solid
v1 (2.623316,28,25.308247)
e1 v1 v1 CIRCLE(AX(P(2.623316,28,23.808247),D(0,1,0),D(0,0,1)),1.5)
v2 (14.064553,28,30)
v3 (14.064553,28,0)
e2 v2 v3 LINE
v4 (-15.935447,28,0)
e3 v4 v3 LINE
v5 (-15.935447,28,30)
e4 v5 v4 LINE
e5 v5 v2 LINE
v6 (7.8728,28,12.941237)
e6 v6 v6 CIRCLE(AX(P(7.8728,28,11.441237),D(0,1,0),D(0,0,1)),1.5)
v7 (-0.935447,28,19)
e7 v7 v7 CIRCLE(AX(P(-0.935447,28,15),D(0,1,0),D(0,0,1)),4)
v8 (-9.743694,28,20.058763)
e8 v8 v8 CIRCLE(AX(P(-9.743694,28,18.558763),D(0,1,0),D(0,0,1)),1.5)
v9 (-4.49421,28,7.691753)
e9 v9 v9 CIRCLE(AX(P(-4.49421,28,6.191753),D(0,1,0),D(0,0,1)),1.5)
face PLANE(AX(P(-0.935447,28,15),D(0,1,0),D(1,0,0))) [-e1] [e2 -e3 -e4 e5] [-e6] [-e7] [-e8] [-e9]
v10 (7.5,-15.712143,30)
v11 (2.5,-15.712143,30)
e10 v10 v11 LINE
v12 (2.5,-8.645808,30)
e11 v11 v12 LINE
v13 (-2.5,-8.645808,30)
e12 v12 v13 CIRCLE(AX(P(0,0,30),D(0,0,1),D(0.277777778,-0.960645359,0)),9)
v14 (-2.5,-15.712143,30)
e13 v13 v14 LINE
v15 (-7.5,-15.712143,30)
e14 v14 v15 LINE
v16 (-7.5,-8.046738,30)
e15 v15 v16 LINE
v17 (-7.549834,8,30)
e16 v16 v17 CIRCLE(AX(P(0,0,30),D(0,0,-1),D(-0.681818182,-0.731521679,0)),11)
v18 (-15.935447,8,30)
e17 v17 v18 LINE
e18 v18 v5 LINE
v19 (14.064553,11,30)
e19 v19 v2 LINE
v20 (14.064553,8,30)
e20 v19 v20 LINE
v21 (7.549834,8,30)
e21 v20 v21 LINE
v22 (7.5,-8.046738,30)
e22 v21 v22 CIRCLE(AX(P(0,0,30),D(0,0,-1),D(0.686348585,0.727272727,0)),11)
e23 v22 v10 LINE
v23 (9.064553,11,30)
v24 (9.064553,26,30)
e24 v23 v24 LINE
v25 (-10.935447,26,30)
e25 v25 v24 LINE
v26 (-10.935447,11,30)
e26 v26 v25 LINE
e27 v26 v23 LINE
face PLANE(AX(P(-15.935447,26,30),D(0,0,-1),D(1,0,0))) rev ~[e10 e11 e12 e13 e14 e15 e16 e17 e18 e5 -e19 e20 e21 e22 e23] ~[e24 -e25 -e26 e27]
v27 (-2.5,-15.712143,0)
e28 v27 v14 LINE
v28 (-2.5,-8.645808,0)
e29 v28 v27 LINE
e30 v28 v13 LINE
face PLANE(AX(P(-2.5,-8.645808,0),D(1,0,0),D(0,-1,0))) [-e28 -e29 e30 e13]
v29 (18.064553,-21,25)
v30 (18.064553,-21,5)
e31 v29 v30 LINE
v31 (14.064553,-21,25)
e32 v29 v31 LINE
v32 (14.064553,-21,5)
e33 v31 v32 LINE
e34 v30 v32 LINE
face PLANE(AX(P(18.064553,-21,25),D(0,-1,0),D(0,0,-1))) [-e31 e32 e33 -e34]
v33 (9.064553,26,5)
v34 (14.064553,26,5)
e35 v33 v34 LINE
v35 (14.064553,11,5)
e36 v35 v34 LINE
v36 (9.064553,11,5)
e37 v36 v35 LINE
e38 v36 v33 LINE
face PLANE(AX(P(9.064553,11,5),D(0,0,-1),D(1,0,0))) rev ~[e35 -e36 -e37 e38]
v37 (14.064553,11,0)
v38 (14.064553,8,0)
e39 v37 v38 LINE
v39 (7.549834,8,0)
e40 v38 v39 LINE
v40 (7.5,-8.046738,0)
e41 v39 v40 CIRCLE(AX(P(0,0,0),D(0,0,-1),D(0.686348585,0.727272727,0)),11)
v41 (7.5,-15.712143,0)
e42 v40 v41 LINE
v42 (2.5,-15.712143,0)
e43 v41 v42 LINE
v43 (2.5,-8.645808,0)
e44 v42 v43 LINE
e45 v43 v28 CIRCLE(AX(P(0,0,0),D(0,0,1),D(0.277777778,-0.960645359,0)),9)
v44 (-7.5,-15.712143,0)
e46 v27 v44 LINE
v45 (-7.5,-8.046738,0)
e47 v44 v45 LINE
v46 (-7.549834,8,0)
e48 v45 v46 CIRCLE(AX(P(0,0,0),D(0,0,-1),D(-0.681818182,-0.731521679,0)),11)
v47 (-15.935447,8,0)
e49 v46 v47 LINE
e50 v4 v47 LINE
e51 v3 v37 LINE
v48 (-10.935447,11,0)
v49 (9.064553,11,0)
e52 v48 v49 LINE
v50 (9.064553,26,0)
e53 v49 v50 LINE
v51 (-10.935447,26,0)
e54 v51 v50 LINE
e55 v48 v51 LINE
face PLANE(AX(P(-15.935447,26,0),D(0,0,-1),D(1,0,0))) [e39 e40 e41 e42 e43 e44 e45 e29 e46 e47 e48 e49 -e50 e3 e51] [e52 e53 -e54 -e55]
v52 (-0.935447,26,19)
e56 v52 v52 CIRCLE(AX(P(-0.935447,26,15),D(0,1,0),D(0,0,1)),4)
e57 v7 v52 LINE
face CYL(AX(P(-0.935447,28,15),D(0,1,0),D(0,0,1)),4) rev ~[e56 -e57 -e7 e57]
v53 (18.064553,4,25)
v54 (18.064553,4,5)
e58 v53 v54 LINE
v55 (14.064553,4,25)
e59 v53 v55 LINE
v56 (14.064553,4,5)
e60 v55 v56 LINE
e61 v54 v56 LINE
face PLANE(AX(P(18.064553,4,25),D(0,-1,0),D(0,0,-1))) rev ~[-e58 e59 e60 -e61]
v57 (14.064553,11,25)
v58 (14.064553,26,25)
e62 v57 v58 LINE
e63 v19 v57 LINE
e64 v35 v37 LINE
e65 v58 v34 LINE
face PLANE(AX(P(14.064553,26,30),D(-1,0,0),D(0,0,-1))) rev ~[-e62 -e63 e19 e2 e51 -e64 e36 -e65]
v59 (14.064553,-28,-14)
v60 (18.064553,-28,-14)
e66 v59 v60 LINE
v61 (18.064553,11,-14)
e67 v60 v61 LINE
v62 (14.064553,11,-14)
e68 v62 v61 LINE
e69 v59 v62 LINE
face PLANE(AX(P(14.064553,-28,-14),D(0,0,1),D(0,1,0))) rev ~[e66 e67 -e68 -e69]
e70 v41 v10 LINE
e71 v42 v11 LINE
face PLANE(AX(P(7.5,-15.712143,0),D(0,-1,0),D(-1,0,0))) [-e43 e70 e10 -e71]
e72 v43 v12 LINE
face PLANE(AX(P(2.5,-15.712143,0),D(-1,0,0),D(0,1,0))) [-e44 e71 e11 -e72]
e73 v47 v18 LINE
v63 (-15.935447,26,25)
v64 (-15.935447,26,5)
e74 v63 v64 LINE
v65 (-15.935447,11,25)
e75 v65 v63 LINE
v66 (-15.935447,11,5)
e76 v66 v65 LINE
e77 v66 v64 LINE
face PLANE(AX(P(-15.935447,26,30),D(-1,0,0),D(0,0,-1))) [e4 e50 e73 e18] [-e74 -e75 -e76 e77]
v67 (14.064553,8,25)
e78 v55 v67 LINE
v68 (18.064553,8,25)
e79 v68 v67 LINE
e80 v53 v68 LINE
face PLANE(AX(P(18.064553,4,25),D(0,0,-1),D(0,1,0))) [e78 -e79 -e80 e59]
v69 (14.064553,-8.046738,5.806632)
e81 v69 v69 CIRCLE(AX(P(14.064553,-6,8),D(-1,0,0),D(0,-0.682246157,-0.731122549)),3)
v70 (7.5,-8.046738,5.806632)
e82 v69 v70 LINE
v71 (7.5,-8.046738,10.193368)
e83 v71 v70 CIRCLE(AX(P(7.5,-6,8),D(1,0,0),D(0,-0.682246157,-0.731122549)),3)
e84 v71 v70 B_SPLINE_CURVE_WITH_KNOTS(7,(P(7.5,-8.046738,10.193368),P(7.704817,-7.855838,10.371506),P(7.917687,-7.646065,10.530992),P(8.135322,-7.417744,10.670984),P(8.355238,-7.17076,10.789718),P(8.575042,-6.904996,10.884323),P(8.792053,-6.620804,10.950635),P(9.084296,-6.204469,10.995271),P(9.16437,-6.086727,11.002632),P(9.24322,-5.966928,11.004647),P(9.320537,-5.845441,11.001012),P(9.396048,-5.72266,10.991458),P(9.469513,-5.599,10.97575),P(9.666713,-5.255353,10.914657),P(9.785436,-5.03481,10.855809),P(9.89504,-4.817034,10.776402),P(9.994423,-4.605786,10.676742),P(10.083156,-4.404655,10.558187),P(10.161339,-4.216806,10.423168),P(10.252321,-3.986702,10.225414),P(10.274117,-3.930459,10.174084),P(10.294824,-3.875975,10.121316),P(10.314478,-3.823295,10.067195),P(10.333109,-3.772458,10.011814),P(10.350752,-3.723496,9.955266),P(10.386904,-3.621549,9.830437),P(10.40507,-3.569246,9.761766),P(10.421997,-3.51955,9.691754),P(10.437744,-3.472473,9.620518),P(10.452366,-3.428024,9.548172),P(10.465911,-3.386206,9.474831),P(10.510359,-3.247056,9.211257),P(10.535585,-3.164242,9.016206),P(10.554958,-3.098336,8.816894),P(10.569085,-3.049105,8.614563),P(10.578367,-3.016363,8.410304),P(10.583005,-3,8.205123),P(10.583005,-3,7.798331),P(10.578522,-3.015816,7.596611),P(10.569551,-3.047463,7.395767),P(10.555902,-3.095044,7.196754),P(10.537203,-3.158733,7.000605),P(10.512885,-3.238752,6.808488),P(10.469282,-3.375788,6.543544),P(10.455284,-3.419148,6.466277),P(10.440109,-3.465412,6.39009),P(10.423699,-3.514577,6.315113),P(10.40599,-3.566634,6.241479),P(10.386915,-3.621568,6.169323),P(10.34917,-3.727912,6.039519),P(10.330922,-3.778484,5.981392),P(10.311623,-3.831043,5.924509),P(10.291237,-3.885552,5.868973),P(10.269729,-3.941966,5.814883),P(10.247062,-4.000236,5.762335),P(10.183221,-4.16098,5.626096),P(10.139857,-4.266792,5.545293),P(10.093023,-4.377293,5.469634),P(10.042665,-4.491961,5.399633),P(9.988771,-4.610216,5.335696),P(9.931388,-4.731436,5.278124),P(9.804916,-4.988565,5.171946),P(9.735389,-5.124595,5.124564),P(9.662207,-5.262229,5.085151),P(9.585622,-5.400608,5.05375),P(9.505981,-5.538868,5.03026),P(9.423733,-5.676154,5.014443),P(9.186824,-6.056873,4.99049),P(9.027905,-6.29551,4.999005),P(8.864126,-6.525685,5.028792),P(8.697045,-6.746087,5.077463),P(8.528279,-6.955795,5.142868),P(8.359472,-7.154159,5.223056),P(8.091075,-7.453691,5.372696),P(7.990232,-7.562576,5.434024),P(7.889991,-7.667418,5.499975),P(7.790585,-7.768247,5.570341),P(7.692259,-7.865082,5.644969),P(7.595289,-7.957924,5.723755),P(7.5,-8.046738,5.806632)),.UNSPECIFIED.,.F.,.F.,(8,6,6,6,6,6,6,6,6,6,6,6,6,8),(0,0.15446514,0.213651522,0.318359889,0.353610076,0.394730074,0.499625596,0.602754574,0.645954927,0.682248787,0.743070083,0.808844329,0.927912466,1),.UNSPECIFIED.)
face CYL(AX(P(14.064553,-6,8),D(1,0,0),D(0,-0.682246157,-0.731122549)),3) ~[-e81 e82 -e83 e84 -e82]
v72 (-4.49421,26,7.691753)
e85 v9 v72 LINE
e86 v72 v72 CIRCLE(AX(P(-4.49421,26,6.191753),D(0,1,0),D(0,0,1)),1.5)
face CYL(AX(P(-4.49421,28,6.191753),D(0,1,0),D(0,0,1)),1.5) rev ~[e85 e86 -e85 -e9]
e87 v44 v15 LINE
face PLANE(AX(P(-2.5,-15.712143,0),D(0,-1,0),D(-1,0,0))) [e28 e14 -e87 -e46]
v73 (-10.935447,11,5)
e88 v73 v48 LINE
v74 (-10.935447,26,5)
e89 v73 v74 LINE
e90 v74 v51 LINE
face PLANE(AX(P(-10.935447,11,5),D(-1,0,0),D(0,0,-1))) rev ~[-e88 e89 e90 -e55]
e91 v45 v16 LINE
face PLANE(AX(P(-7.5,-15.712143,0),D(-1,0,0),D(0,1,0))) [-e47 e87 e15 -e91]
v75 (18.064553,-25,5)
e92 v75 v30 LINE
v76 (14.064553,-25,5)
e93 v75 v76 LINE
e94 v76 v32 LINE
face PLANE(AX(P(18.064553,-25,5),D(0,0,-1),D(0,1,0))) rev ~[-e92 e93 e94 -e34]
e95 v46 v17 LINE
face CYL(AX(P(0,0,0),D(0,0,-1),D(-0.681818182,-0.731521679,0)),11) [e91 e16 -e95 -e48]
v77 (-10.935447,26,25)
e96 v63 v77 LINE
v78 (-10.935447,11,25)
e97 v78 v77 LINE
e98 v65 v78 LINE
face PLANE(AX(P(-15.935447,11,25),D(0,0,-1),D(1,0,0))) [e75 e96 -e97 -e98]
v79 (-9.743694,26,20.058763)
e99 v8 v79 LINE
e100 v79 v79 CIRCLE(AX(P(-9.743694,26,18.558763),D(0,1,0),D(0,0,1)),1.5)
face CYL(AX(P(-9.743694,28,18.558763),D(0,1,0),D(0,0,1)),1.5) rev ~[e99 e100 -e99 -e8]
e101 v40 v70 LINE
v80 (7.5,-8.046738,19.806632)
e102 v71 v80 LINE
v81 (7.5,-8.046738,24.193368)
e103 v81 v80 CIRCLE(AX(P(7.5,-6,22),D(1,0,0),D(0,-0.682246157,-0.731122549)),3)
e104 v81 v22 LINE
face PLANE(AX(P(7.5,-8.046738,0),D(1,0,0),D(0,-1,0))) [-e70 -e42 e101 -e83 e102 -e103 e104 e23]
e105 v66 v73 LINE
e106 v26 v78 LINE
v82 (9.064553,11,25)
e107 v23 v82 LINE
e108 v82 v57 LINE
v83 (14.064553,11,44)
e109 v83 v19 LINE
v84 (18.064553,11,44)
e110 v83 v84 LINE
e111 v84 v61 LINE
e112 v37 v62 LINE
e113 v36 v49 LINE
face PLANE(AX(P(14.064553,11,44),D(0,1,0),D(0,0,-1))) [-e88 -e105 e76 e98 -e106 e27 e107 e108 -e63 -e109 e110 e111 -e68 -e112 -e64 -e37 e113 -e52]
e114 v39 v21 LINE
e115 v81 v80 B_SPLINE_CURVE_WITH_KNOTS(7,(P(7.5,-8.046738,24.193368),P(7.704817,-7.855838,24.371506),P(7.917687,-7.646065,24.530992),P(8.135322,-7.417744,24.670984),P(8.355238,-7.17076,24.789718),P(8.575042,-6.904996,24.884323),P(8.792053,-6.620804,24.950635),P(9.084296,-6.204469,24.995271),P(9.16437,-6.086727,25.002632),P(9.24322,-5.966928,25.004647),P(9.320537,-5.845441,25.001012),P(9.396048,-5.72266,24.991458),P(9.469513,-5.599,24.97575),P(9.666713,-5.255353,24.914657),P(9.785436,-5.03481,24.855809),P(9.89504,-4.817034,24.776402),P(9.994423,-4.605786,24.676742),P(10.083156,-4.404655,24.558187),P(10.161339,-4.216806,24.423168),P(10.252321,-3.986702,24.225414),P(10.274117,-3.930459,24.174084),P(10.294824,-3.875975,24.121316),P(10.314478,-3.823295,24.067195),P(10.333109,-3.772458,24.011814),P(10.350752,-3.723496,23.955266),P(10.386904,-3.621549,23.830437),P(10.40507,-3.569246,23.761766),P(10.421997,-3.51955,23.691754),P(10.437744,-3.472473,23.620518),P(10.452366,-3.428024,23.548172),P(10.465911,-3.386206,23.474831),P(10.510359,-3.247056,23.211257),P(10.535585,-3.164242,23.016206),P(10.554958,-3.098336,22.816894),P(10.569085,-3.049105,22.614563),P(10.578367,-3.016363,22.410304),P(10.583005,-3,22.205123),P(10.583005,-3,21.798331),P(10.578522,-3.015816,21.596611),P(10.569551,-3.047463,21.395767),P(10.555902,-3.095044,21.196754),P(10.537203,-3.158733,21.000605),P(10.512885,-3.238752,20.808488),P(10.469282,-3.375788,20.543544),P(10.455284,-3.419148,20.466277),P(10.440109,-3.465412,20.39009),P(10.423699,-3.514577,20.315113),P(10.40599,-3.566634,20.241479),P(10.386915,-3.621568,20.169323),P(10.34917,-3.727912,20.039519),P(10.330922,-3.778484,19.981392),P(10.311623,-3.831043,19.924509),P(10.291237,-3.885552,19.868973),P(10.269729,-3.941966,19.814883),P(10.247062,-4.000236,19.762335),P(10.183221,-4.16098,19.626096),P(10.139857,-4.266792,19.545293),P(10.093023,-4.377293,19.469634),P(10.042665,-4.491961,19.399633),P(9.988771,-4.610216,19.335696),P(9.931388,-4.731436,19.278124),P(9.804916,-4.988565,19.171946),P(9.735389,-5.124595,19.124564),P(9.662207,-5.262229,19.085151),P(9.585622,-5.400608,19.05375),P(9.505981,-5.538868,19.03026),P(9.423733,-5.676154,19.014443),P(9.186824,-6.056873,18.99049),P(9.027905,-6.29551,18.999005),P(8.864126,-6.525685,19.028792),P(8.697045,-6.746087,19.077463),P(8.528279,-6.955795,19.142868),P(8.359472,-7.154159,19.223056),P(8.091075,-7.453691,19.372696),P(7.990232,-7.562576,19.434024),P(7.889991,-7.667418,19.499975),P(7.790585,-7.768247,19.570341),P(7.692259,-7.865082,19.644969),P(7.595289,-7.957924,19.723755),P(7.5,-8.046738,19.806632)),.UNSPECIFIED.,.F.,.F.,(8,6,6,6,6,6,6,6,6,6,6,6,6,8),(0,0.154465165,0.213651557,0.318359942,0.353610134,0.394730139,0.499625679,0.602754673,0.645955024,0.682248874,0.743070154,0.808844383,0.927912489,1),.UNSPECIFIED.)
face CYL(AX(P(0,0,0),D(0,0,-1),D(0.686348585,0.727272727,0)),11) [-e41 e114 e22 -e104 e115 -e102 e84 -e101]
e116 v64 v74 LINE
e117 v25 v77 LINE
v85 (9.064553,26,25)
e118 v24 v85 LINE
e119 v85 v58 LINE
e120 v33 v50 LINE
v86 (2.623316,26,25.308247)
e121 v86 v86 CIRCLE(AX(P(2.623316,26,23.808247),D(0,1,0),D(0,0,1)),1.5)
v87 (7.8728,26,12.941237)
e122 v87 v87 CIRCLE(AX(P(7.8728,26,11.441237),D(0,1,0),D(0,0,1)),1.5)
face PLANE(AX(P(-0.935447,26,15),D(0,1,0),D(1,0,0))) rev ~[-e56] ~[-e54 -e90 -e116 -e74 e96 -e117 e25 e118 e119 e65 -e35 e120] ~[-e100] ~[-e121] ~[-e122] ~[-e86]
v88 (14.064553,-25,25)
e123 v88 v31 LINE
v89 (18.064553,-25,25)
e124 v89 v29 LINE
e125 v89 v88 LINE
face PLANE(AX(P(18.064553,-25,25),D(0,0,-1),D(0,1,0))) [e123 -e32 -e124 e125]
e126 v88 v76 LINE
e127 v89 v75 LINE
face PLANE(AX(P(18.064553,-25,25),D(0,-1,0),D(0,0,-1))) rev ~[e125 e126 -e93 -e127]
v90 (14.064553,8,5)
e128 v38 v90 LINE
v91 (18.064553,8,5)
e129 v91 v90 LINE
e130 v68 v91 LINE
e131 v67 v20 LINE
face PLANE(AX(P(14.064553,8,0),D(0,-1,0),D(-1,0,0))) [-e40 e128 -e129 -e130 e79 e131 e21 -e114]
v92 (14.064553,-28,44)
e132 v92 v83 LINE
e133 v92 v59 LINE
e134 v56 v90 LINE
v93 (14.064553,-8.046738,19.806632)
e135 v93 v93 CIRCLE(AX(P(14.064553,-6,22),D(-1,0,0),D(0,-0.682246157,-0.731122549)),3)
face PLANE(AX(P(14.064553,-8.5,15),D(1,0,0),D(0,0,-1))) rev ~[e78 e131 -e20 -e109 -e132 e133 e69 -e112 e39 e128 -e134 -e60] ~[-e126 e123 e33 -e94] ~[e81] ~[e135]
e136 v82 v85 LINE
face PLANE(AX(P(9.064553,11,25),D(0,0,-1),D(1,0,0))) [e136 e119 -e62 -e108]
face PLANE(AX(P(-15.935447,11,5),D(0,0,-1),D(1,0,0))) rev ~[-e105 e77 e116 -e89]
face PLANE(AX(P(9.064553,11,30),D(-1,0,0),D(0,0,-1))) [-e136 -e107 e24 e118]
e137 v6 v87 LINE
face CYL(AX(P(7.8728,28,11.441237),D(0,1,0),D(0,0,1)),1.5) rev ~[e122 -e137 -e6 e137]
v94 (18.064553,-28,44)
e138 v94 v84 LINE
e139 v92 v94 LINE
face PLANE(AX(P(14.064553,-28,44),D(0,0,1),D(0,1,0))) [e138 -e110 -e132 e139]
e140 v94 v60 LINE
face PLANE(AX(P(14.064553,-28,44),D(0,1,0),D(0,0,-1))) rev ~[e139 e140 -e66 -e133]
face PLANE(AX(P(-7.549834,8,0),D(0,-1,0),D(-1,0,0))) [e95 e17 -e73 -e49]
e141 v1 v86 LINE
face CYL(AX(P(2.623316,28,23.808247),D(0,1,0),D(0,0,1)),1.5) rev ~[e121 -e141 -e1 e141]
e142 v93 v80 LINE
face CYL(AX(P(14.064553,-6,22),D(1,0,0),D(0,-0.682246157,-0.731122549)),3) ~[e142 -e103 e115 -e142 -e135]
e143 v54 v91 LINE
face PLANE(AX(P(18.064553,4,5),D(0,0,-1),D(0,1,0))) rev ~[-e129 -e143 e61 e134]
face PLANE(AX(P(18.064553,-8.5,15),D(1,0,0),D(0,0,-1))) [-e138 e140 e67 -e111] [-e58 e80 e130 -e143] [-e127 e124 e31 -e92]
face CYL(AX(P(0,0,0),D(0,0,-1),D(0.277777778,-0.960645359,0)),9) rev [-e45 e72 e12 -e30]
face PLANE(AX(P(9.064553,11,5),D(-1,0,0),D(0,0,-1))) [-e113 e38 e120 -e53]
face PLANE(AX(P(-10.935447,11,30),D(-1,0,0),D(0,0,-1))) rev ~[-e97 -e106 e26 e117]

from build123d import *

# Parameters (mm, degrees)
SUPPORTOMOTORE_DEPTH     = 30
SCHIZZO2_W               = 58
SCHIZZO2_H               = 39
SUPPORTOESC_DEPTH        = 4
COLONNESUPPORTOESC_REACH = 62.166
SCHIZZO3_R               = 3
SCHIZZO7_W               = 5
SCHIZZO7_H               = 5
SUPPORTIBASEMOTORE_DEPTH = 15
SCHIZZO8_W               = 30
SCHIZZO8_H               = 30
BASEMOTORE_DEPTH         = 2
SCHIZZO9_R               = 1.5
SCHIZZO9_R_2             = 4
FORIAGGANCIOMOTORE_DEPTH = 2
SCHIZZO10_W              = 20
SCHIZZO10_H              = 4
APERTURAFASCETTA_DEPTH   = 4


with BuildPart() as part:
    # Schizzo1 → SupportoMotore (new body)
    with BuildSketch(Plane.XY):
        with BuildLine():
            Line((-2.5, -10.712142643), (-2.5, -15.712142643))
            Line((-2.5, -15.712142643), (-7.5, -15.712142643))
            Line((-7.5, -15.712142643), (-7.5, -8.04673847))
            ThreePointArc((-7.5, -8.04673847), (-10.999946955, -0.034161219), (-7.549834435, 8))
            Line((-7.549834435, 8), (-15.935446939, 8))
            Line((-15.935446939, 8), (-15.935446939, 11))
            Line((-15.935446939, 11), (14.064553061, 11))
            Line((14.064553061, 11), (14.064553061, 8))
            Line((14.064553061, 8), (7.549834435, 8))
            ThreePointArc((7.549834435, 8), (10.999946955, -0.034161219), (7.5, -8.04673847))
            Line((7.5, -8.04673847), (7.5, -15.712142643))
            Line((7.5, -15.712142643), (2.5, -15.712142643))
            Line((2.5, -15.712142643), (2.5, -10.712142643))
            Line((2.5, -10.712142643), (2.5, -8.645808233))
            ThreePointArc((2.5, -8.645808233), (0, 9), (-2.5, -8.645808233))
            Line((-2.5, -8.645808233), (-2.5, -10.712142643))
        make_face()
    extrude(amount=SUPPORTOMOTORE_DEPTH)

    # Schizzo2 → SupportoESC (add)
    with BuildSketch(Plane(origin=(14.064553061, 0, 0), x_dir=(0, 0, -1), z_dir=(1, 0, 0))):
        with Locations((-15, -8.5)):
            Rectangle(SCHIZZO2_W, SCHIZZO2_H)
    extrude(amount=SUPPORTOESC_DEPTH)

    # Schizzo3 → ColonneSupportoESC (add, up to next)
    with BuildSketch(Plane.ZY.offset(-14.064553061), mode=Mode.PRIVATE) as colonnesupportoesc_sk1:
        with Locations(Location((22, -6, 0), (0, 0, 223.019415965))):
            Circle(SCHIZZO3_R)
    colonnesupportoesc_tool1 = extrude(colonnesupportoesc_sk1.sketch, amount=COLONNESUPPORTOESC_REACH, mode=Mode.PRIVATE) - part.part
    # Schizzo3 → ColonneSupportoESC (add, up to next)
    with BuildSketch(Plane.ZY.offset(-14.064553061), mode=Mode.PRIVATE) as colonnesupportoesc_sk2:
        with Locations(Location((8, -6, 0), (0, 0, 223.019415965))):
            Circle(SCHIZZO3_R)
    colonnesupportoesc_tool2 = extrude(colonnesupportoesc_sk2.sketch, amount=COLONNESUPPORTOESC_REACH, mode=Mode.PRIVATE) - part.part
    add(colonnesupportoesc_tool1.solids().sort_by_distance((14.064553, -6, 22))[0])
    add(colonnesupportoesc_tool2.solids().sort_by_distance((14.064553, -6, 8))[0])

    # Schizzo7 → SupportiBaseMotore (add)
    with BuildSketch(Plane(origin=(0, 11, 0), x_dir=(1, 0, 0), z_dir=(0, 1, 0))):
        with Locations((-13.435446939, -27.5)):
            Rectangle(SCHIZZO7_W, SCHIZZO7_H)
        with Locations((11.564553061, -27.5)):
            Rectangle(SCHIZZO7_W, SCHIZZO7_H)
        with Locations((11.564553061, -2.5)):
            Rectangle(SCHIZZO7_W, SCHIZZO7_H)
        with Locations((-13.435446939, -2.5)):
            Rectangle(SCHIZZO7_W, SCHIZZO7_H)
    extrude(amount=SUPPORTIBASEMOTORE_DEPTH)

    # Schizzo8 → BaseMotore (add)
    with BuildSketch(Plane(origin=(0, 26, 0), x_dir=(1, 0, 0), z_dir=(0, 1, 0))):
        with Locations((-0.935446939, -15)):
            Rectangle(SCHIZZO8_W, SCHIZZO8_H)
    extrude(amount=BASEMOTORE_DEPTH)

    # Schizzo9 → ForiAggancioMotore (cut)
    with BuildSketch(Plane(origin=(0, 28, 0), x_dir=(1, 0, 0), z_dir=(0, 1, 0))):
        with Locations(Location((2.623315698, -23.808246618, 0), (0, 0, 270))):
            Circle(SCHIZZO9_R)
        with Locations(Location((-9.743693557, -18.558762637, 0), (0, 0, 270))):
            Circle(SCHIZZO9_R)
        with Locations(Location((-4.494209576, -6.191753382, 0), (0, 0, 270))):
            Circle(SCHIZZO9_R)
        with Locations(Location((7.872799679, -11.441237363, 0), (0, 0, 270))):
            Circle(SCHIZZO9_R)
        with Locations(Location((-0.935446939, -15, 0), (0, 0, 270))):
            Circle(SCHIZZO9_R_2)
    extrude(amount=-FORIAGGANCIOMOTORE_DEPTH, mode=Mode.SUBTRACT)

    # Schizzo10 → AperturaFascetta (cut)
    with BuildSketch(Plane(origin=(18.064553061, 0, 0), x_dir=(0, 0, -1), z_dir=(1, 0, 0))):
        with Locations((-15, 6)):
            Rectangle(SCHIZZO10_W, SCHIZZO10_H)
        with Locations((-15, -23)):
            Rectangle(SCHIZZO10_W, SCHIZZO10_H)
    extrude(amount=-APERTURAFASCETTA_DEPTH, mode=Mode.SUBTRACT)


solid = part.part
